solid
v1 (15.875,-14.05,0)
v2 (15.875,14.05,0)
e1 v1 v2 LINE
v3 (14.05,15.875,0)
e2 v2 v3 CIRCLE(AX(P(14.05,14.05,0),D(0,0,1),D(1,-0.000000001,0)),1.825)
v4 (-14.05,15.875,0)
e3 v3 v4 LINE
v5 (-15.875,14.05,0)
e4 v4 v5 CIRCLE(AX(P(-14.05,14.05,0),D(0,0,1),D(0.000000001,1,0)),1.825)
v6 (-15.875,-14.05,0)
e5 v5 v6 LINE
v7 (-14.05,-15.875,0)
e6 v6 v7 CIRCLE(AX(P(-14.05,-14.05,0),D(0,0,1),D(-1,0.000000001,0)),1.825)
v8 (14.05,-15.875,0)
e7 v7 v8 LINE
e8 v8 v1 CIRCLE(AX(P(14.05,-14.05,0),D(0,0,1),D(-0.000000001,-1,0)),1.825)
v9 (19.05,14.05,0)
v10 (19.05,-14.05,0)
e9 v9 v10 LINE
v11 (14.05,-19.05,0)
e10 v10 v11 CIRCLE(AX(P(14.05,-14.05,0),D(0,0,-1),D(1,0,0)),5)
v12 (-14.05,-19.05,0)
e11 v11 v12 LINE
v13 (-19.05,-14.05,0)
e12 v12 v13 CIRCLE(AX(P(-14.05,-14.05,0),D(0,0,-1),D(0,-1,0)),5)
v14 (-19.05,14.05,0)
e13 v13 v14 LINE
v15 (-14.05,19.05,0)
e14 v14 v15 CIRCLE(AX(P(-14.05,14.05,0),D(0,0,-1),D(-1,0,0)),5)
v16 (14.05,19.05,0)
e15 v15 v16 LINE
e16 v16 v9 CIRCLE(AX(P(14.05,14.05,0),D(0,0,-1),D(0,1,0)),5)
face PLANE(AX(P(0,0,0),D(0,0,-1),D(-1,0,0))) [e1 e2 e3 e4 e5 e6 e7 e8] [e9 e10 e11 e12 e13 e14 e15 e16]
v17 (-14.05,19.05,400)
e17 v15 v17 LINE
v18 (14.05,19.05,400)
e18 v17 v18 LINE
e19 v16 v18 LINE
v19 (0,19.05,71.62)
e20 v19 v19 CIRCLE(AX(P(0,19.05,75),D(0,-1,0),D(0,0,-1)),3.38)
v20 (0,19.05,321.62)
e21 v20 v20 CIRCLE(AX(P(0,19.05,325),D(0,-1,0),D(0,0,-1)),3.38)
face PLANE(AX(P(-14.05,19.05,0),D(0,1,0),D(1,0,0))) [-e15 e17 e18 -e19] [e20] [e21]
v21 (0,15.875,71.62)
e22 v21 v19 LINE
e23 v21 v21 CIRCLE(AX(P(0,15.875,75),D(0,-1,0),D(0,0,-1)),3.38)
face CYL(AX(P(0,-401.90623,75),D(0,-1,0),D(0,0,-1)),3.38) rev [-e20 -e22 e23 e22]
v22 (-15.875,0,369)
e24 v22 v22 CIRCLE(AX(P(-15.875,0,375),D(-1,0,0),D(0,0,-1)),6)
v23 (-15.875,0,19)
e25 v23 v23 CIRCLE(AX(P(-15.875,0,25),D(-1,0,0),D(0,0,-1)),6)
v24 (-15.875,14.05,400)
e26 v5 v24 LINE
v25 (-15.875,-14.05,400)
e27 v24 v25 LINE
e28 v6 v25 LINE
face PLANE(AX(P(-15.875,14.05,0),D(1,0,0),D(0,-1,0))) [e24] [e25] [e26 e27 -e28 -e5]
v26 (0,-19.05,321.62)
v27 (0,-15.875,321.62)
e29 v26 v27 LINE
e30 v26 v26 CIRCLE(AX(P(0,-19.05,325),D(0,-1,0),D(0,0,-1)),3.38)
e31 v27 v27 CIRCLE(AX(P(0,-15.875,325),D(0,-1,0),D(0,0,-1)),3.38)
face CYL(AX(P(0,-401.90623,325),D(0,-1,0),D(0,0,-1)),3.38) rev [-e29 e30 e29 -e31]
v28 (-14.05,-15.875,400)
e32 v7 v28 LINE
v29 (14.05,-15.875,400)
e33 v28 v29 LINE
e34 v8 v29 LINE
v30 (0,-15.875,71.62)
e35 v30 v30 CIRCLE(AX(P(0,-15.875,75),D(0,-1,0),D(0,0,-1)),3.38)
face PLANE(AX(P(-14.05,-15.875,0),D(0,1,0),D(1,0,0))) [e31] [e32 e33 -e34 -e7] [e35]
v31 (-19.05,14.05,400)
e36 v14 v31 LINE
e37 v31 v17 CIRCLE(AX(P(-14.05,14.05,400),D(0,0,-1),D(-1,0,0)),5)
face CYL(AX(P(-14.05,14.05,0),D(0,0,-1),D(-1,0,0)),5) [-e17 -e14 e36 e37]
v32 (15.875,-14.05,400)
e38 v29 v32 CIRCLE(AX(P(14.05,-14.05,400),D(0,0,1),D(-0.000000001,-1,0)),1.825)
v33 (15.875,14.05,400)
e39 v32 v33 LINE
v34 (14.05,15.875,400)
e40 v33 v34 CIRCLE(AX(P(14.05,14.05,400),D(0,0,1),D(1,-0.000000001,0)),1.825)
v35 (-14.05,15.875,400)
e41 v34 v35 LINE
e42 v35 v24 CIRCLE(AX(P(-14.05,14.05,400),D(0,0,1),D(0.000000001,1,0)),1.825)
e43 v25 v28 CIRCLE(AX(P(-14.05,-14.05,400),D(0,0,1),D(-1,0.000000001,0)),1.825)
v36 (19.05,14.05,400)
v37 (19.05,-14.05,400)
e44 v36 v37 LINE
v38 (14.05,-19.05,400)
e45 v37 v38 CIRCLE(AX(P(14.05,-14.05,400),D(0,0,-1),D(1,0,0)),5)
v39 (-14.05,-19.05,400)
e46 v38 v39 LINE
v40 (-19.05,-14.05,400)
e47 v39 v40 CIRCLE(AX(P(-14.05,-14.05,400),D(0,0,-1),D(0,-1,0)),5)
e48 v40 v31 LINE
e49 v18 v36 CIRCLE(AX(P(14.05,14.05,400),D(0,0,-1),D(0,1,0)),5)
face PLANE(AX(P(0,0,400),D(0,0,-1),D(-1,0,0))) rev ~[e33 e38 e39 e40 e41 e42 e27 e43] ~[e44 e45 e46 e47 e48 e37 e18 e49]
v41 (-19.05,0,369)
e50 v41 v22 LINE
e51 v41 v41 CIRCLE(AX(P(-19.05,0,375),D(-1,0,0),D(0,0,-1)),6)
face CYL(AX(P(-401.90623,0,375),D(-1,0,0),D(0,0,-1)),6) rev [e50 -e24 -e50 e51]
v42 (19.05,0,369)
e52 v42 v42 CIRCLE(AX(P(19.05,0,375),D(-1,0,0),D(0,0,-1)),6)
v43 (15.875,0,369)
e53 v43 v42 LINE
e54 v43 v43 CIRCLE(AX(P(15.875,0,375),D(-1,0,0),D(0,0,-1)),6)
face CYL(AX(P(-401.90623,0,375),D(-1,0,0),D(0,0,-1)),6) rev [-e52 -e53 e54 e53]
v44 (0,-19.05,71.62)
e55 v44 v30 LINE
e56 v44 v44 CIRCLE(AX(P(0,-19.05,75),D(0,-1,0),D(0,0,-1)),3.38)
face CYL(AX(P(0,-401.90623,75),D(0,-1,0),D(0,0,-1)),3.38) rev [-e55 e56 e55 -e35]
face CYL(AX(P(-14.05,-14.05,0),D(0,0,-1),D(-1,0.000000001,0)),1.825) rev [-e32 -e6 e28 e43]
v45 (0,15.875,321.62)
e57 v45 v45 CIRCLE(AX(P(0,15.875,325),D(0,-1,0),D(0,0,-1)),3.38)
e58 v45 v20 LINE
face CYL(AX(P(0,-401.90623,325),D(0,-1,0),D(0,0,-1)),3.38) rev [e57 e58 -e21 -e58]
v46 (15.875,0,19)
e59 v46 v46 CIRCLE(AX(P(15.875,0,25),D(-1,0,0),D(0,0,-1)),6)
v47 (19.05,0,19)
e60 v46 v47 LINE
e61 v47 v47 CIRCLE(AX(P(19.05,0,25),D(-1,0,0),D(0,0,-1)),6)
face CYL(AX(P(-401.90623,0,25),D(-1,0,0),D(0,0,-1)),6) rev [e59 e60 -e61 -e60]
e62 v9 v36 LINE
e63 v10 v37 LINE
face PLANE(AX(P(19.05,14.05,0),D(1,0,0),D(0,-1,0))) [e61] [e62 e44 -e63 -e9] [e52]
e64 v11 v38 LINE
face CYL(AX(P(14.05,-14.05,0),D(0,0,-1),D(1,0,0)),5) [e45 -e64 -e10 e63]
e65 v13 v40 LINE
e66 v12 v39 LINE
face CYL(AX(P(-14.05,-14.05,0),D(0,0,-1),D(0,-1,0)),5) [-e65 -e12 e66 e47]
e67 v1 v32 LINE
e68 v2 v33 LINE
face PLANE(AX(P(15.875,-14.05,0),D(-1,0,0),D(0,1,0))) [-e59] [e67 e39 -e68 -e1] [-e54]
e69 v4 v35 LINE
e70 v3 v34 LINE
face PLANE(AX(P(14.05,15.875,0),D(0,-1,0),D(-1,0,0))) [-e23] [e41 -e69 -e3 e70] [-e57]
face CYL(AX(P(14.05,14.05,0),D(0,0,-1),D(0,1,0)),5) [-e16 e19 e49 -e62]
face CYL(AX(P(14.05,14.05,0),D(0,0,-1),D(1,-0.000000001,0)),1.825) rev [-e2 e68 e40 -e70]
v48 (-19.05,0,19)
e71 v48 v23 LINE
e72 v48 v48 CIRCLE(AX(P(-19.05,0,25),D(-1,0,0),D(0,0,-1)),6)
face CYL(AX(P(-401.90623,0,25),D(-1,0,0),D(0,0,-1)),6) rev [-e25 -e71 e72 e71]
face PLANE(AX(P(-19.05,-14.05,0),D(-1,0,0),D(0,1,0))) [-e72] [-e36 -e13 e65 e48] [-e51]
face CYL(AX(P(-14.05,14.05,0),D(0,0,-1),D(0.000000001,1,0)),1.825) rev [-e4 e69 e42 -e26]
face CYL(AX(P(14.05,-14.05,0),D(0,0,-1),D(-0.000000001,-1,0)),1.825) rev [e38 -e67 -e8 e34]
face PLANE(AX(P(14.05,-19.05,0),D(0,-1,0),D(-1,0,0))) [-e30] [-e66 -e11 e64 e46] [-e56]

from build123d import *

# Parameters (mm, degrees)
BOSS_EXTRUDE1_DEPTH     = 400
CUT_EXTRUDE1_DEPTH      = 401.906229685
CUT_EXTRUDE1_DEPTH_BACK = 401.906229685
SKETCH2_R               = 6
CUT_EXTRUDE2_DEPTH      = 401.906229685
CUT_EXTRUDE2_DEPTH_BACK = 401.906229685
SKETCH3_R               = 3.38


with BuildPart() as part:
    # Sketch1 → Boss-Extrude1 (new body)
    with BuildSketch(Plane.XY):
        with BuildLine():
            Line((-14.05, 19.05), (14.05, 19.05))
            ThreePointArc((14.05, 19.05), (17.585533906, 17.585533906), (19.05, 14.05))
            Line((19.05, 14.05), (19.05, -14.05))
            ThreePointArc((19.05, -14.05), (17.585533906, -17.585533906), (14.05, -19.05))
            Line((14.05, -19.05), (-14.05, -19.05))
            ThreePointArc((-14.05, -19.05), (-17.585533906, -17.585533906), (-19.05, -14.05))
            Line((-19.05, -14.05), (-19.05, 14.05))
            ThreePointArc((-19.05, 14.05), (-17.585533906, 17.585533906), (-14.05, 19.05))
        make_face()
        with BuildLine():
            Line((-15.875, 14.05), (-15.875, -14.05))
            ThreePointArc((-15.875, -14.05), (-15.340469876, -15.340469876), (-14.05, -15.875))
            Line((-14.05, -15.875), (14.05, -15.875))
            ThreePointArc((14.05, -15.875), (15.340469876, -15.340469876), (15.875, -14.05))
            Line((15.875, -14.05), (15.875, 14.05))
            ThreePointArc((15.875, 14.05), (15.340469876, 15.340469876), (14.05, 15.875))
            Line((14.05, 15.875), (-14.05, 15.875))
            ThreePointArc((-14.05, 15.875), (-15.340469876, 15.340469876), (-15.875, 14.05))
        make_face(mode=Mode.SUBTRACT)
    extrude(amount=BOSS_EXTRUDE1_DEPTH)

    # Sketch2 → Cut-Extrude1 (cut, two sides: drawn at the far end of the back side and taken through both)
    with BuildSketch(Plane(origin=(0, 0, 0), x_dir=(0, 0, -1), z_dir=(1, 0, 0)).offset(-CUT_EXTRUDE1_DEPTH_BACK)):
        with Locations((-375, 0)):
            Circle(SKETCH2_R)
        with Locations((-25, 0)):
            Circle(SKETCH2_R)
    extrude(amount=CUT_EXTRUDE1_DEPTH + CUT_EXTRUDE1_DEPTH_BACK, mode=Mode.SUBTRACT)

    # Sketch3 → Cut-Extrude2 (cut, two sides: drawn at the far end of the back side and taken through both)
    with BuildSketch(Plane(origin=(0, 0, 0), x_dir=(1, 0, 0), z_dir=(0, 1, 0)).offset(-CUT_EXTRUDE2_DEPTH_BACK)):
        with Locations(Location((0, -325, 0), (0, 0, 90))):
            Circle(SKETCH3_R)
        with Locations(Location((0, -75, 0), (0, 0, 90))):
            Circle(SKETCH3_R)
    extrude(amount=CUT_EXTRUDE2_DEPTH + CUT_EXTRUDE2_DEPTH_BACK, mode=Mode.SUBTRACT)


solid = part.part
